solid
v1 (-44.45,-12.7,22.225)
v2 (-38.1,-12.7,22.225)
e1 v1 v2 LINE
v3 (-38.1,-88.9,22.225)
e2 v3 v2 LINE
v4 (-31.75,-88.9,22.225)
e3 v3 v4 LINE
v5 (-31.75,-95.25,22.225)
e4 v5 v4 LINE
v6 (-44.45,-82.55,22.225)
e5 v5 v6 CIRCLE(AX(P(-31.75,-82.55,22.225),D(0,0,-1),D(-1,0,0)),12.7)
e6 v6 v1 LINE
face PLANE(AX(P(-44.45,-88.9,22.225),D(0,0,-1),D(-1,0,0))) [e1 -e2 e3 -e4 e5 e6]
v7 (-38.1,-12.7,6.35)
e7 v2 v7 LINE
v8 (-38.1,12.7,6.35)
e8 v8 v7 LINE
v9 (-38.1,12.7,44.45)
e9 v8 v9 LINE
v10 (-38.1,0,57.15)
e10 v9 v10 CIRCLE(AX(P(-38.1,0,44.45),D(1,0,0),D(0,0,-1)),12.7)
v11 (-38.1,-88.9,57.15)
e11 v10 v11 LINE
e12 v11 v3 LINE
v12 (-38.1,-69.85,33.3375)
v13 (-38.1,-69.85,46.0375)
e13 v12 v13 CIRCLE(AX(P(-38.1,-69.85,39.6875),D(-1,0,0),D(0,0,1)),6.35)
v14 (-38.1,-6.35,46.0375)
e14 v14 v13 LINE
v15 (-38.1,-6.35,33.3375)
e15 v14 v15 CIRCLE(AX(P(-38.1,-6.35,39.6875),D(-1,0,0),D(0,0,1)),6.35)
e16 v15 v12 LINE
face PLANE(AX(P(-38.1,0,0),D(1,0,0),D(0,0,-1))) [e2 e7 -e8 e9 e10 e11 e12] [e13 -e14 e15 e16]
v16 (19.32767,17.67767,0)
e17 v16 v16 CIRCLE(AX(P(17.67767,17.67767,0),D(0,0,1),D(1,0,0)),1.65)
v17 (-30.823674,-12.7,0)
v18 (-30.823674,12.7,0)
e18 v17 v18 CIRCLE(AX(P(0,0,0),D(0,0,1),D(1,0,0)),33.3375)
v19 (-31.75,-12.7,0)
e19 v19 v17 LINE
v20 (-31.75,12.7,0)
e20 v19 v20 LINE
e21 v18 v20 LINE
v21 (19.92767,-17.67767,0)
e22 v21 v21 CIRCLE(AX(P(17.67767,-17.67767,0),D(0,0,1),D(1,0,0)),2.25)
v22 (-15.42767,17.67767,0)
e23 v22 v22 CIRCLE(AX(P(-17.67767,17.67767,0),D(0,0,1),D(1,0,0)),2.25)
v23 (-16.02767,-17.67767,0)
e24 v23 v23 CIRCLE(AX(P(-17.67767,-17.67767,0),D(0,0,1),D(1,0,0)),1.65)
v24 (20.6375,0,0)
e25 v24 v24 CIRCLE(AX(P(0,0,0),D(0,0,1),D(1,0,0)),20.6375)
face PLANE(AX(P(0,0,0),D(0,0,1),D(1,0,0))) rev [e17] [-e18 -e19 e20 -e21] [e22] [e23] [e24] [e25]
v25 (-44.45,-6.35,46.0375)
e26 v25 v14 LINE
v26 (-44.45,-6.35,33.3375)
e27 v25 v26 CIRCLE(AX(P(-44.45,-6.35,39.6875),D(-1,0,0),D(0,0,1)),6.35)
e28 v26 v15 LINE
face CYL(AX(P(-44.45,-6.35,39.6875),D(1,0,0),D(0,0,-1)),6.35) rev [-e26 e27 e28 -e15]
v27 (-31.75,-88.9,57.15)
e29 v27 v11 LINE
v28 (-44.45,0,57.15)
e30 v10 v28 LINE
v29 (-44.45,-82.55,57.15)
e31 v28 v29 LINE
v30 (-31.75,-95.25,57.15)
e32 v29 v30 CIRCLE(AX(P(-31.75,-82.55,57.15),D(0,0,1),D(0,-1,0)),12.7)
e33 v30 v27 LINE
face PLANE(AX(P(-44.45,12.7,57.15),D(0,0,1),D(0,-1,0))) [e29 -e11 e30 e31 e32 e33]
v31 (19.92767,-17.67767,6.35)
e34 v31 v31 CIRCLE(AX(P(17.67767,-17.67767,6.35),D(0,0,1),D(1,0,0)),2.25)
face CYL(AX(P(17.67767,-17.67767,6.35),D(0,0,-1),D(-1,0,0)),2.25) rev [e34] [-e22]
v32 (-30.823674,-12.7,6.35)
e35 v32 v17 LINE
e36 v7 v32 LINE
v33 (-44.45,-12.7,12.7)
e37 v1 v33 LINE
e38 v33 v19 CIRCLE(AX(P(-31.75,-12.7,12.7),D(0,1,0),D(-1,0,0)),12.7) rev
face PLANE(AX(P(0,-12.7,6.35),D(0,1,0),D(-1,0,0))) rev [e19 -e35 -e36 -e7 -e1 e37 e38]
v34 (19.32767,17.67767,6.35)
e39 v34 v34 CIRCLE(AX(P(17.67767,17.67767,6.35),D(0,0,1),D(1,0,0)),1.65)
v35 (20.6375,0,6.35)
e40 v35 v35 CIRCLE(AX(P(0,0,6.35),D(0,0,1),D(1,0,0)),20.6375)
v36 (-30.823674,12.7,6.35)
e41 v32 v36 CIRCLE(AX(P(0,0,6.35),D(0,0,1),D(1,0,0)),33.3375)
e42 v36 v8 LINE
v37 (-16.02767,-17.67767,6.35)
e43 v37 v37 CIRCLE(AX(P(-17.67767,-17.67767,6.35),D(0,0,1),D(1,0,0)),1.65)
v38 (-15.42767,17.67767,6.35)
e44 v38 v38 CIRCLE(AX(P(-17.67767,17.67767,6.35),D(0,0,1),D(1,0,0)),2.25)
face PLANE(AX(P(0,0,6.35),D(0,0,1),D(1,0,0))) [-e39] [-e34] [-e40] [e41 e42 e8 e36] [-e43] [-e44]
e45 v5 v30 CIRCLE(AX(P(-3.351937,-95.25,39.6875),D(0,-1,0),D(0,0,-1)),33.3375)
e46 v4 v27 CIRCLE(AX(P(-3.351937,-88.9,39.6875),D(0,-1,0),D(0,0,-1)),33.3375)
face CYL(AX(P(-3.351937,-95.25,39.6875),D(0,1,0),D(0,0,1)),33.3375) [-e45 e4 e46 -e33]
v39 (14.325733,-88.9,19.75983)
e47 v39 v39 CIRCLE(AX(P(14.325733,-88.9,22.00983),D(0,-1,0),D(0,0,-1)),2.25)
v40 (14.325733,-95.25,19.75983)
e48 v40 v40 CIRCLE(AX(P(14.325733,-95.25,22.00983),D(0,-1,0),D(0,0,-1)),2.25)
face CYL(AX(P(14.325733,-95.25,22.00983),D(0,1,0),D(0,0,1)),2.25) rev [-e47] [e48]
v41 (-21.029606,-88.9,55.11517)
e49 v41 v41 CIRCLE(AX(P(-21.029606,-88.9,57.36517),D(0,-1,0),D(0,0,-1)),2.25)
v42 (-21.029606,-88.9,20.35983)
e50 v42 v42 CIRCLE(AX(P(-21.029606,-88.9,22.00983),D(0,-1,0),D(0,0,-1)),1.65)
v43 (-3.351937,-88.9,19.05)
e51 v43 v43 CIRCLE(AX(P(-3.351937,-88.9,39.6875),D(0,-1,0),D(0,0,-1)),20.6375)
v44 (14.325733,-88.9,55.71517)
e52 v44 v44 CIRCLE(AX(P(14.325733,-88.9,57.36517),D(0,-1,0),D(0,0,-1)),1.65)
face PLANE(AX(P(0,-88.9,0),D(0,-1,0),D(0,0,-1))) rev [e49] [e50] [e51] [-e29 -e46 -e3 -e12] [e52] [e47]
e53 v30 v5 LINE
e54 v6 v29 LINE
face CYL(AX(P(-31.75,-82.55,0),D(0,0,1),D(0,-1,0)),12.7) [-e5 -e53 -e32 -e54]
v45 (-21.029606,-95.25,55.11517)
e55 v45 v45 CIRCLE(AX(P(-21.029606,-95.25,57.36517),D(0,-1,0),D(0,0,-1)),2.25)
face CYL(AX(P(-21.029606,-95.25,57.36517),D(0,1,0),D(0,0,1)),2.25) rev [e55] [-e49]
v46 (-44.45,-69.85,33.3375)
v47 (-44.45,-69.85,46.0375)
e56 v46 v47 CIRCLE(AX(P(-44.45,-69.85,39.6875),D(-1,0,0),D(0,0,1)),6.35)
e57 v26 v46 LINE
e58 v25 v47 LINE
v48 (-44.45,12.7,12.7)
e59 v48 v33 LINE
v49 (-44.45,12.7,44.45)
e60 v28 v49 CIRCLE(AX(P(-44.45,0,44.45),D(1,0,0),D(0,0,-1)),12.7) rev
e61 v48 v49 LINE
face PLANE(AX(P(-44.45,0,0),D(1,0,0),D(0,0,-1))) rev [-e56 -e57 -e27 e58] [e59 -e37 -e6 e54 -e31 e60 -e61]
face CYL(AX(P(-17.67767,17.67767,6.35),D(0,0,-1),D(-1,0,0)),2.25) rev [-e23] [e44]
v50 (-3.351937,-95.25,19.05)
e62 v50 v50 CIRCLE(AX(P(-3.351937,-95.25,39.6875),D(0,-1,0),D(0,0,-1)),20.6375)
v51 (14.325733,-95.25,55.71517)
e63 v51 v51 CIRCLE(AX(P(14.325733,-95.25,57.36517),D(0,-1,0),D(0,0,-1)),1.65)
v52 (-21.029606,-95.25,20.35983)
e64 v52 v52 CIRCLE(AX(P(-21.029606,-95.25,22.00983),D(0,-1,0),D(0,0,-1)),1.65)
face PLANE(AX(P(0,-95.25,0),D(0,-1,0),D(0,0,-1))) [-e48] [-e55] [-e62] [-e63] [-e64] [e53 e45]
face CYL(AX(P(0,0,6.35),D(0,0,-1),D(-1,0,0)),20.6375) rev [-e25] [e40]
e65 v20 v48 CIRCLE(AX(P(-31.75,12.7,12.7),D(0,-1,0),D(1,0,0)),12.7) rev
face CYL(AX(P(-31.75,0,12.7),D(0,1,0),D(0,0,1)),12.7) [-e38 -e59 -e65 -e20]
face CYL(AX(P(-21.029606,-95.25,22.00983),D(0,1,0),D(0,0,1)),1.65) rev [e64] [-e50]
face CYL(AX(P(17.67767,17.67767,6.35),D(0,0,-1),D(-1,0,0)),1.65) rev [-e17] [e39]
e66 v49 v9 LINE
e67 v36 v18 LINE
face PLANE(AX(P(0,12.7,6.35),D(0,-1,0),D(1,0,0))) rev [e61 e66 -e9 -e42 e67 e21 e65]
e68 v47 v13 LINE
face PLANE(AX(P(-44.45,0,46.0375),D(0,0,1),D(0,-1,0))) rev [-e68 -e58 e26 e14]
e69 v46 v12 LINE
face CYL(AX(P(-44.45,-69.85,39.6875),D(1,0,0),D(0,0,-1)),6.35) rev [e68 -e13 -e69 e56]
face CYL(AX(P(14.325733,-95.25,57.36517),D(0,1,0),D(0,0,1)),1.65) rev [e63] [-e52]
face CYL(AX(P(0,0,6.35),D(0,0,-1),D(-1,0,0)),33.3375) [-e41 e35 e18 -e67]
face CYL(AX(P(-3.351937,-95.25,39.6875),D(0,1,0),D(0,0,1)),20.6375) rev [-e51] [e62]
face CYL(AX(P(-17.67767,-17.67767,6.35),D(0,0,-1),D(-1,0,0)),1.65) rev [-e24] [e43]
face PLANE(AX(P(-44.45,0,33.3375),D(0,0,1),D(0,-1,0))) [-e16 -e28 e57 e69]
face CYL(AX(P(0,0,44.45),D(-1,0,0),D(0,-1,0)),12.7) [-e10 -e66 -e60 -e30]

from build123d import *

# Parameters (mm, degrees)
SKETCH1_R           = 33.3375
SKETCH1_R_2         = 2.25
SKETCH1_R_3         = 1.65
SKETCH1_R_4         = 20.6375
BOSS_EXTRUDE1_DEPTH = 6.35
BOSS_EXTRUDE3_DEPTH = 6.35
SKETCH4_R           = 33.3375
SKETCH4_R_2         = 2.25
SKETCH4_R_3         = 1.65
SKETCH4_R_4         = 20.6375
BOSS_EXTRUDE4_DEPTH = 6.35
FILLET1_R           = 12.7
FILLET2_R           = 12.7
FILLET3_R           = 12.7


with BuildPart() as part:
    # Sketch1 → Boss-Extrude1 (new body)
    # profile 1 of 2: a face of its own
    with BuildSketch(Plane.XY):
        Circle(SKETCH1_R)
        with Locations((-17.67766953, 17.67766953)):
            Circle(SKETCH1_R_2, mode=Mode.SUBTRACT)
        with Locations((17.67766953, 17.67766953)):
            Circle(SKETCH1_R_3, mode=Mode.SUBTRACT)
        with Locations((17.67766953, -17.67766953)):
            Circle(SKETCH1_R_2, mode=Mode.SUBTRACT)
        with Locations((-17.67766953, -17.67766953)):
            Circle(SKETCH1_R_3, mode=Mode.SUBTRACT)
        Circle(SKETCH1_R_4, mode=Mode.SUBTRACT)
    # profile 2 of 2: a face of its own
    with BuildSketch(Plane.XY):
        with BuildLine():
            ThreePointArc((-30.823674444, -12.7), (-33.3375, 0), (-30.823674444, 12.7))
            Line((-30.823674444, 12.7), (-38.1, 12.7))
            Line((-38.1, 12.7), (-38.1, -12.7))
            Line((-38.1, -12.7), (-30.823674444, -12.7))
        make_face()
    extrude(amount=BOSS_EXTRUDE1_DEPTH)

    # Sketch2 → Boss-Extrude3 (add)
    with BuildSketch(Plane.ZY.offset(38.1)):
        Polygon((0, 12.7), (57.15, 12.7), (57.15, -88.9), (22.225, -88.9), (22.225, -12.7), (0, -12.7), align=None)
        with BuildLine():
            Line((46.0375, -6.35), (46.0375, -69.85))
            ThreePointArc((46.0375, -69.85), (39.6875, -76.2), (33.3375, -69.85))
            Line((33.3375, -69.85), (33.3375, -6.35))
            ThreePointArc((33.3375, -6.35), (39.6875, 0), (46.0375, -6.35))
        make_face(mode=Mode.SUBTRACT)
    extrude(amount=BOSS_EXTRUDE3_DEPTH)

    # Sketch4 → Boss-Extrude4 (add)
    # profile 1 of 2: a face of its own
    with BuildSketch(Plane(origin=(0, -88.9, 0), x_dir=(-1, 0, 0), z_dir=(0, -1, 0))):
        with BuildLine():
            ThreePointArc((36.689436686, -39.6875), (35.430818695, -48.761321425), (31.75, -57.15))
            Line((31.75, -57.15), (44.45, -57.15))
            Line((44.45, -57.15), (44.45, -22.225))
            Line((44.45, -22.225), (31.75, -22.225))
            ThreePointArc((31.75, -22.225), (35.430818695, -30.613678575), (36.689436686, -39.6875))
        make_face()
    # profile 2 of 2: a face of its own
    with BuildSketch(Plane(origin=(0, -88.9, 0), x_dir=(-1, 0, 0), z_dir=(0, -1, 0))):
        with Locations((3.351936686, -39.6875)):
            Circle(SKETCH4_R)
        with Locations(Location((21.029606215, -57.36516953, 0), (0, 0, 90))):
            Circle(SKETCH4_R_2, mode=Mode.SUBTRACT)
        with Locations(Location((-14.325732844, -57.36516953, 0), (0, 0, 90))):
            Circle(SKETCH4_R_3, mode=Mode.SUBTRACT)
        with Locations(Location((-14.325732844, -22.00983047, 0), (0, 0, 90))):
            Circle(SKETCH4_R_2, mode=Mode.SUBTRACT)
        with Locations(Location((21.029606215, -22.00983047, 0), (0, 0, 90))):
            Circle(SKETCH4_R_3, mode=Mode.SUBTRACT)
        with Locations(Location((3.351936686, -39.6875, 0), (0, 0, 90))):
            Circle(SKETCH4_R_4, mode=Mode.SUBTRACT)
    extrude(amount=BOSS_EXTRUDE4_DEPTH)

    # Fillet1
    fillet1_edges = [part.edges().sort_by_distance(p)[0] for p in [
        (-44.45, 0, 0),
    ]]
    fillet(fillet1_edges, radius=FILLET1_R)

    # Fillet2
    fillet2_edges = [part.edges().sort_by_distance(p)[0] for p in [
        (-44.45, -95.25, 39.6875),
    ]]
    fillet(fillet2_edges, radius=FILLET2_R)

    # Fillet3
    fillet3_edges = [part.edges().sort_by_distance(p)[0] for p in [
        (-41.275, 12.7, 57.15),
    ]]
    fillet(fillet3_edges, radius=FILLET3_R)


solid = part.part
